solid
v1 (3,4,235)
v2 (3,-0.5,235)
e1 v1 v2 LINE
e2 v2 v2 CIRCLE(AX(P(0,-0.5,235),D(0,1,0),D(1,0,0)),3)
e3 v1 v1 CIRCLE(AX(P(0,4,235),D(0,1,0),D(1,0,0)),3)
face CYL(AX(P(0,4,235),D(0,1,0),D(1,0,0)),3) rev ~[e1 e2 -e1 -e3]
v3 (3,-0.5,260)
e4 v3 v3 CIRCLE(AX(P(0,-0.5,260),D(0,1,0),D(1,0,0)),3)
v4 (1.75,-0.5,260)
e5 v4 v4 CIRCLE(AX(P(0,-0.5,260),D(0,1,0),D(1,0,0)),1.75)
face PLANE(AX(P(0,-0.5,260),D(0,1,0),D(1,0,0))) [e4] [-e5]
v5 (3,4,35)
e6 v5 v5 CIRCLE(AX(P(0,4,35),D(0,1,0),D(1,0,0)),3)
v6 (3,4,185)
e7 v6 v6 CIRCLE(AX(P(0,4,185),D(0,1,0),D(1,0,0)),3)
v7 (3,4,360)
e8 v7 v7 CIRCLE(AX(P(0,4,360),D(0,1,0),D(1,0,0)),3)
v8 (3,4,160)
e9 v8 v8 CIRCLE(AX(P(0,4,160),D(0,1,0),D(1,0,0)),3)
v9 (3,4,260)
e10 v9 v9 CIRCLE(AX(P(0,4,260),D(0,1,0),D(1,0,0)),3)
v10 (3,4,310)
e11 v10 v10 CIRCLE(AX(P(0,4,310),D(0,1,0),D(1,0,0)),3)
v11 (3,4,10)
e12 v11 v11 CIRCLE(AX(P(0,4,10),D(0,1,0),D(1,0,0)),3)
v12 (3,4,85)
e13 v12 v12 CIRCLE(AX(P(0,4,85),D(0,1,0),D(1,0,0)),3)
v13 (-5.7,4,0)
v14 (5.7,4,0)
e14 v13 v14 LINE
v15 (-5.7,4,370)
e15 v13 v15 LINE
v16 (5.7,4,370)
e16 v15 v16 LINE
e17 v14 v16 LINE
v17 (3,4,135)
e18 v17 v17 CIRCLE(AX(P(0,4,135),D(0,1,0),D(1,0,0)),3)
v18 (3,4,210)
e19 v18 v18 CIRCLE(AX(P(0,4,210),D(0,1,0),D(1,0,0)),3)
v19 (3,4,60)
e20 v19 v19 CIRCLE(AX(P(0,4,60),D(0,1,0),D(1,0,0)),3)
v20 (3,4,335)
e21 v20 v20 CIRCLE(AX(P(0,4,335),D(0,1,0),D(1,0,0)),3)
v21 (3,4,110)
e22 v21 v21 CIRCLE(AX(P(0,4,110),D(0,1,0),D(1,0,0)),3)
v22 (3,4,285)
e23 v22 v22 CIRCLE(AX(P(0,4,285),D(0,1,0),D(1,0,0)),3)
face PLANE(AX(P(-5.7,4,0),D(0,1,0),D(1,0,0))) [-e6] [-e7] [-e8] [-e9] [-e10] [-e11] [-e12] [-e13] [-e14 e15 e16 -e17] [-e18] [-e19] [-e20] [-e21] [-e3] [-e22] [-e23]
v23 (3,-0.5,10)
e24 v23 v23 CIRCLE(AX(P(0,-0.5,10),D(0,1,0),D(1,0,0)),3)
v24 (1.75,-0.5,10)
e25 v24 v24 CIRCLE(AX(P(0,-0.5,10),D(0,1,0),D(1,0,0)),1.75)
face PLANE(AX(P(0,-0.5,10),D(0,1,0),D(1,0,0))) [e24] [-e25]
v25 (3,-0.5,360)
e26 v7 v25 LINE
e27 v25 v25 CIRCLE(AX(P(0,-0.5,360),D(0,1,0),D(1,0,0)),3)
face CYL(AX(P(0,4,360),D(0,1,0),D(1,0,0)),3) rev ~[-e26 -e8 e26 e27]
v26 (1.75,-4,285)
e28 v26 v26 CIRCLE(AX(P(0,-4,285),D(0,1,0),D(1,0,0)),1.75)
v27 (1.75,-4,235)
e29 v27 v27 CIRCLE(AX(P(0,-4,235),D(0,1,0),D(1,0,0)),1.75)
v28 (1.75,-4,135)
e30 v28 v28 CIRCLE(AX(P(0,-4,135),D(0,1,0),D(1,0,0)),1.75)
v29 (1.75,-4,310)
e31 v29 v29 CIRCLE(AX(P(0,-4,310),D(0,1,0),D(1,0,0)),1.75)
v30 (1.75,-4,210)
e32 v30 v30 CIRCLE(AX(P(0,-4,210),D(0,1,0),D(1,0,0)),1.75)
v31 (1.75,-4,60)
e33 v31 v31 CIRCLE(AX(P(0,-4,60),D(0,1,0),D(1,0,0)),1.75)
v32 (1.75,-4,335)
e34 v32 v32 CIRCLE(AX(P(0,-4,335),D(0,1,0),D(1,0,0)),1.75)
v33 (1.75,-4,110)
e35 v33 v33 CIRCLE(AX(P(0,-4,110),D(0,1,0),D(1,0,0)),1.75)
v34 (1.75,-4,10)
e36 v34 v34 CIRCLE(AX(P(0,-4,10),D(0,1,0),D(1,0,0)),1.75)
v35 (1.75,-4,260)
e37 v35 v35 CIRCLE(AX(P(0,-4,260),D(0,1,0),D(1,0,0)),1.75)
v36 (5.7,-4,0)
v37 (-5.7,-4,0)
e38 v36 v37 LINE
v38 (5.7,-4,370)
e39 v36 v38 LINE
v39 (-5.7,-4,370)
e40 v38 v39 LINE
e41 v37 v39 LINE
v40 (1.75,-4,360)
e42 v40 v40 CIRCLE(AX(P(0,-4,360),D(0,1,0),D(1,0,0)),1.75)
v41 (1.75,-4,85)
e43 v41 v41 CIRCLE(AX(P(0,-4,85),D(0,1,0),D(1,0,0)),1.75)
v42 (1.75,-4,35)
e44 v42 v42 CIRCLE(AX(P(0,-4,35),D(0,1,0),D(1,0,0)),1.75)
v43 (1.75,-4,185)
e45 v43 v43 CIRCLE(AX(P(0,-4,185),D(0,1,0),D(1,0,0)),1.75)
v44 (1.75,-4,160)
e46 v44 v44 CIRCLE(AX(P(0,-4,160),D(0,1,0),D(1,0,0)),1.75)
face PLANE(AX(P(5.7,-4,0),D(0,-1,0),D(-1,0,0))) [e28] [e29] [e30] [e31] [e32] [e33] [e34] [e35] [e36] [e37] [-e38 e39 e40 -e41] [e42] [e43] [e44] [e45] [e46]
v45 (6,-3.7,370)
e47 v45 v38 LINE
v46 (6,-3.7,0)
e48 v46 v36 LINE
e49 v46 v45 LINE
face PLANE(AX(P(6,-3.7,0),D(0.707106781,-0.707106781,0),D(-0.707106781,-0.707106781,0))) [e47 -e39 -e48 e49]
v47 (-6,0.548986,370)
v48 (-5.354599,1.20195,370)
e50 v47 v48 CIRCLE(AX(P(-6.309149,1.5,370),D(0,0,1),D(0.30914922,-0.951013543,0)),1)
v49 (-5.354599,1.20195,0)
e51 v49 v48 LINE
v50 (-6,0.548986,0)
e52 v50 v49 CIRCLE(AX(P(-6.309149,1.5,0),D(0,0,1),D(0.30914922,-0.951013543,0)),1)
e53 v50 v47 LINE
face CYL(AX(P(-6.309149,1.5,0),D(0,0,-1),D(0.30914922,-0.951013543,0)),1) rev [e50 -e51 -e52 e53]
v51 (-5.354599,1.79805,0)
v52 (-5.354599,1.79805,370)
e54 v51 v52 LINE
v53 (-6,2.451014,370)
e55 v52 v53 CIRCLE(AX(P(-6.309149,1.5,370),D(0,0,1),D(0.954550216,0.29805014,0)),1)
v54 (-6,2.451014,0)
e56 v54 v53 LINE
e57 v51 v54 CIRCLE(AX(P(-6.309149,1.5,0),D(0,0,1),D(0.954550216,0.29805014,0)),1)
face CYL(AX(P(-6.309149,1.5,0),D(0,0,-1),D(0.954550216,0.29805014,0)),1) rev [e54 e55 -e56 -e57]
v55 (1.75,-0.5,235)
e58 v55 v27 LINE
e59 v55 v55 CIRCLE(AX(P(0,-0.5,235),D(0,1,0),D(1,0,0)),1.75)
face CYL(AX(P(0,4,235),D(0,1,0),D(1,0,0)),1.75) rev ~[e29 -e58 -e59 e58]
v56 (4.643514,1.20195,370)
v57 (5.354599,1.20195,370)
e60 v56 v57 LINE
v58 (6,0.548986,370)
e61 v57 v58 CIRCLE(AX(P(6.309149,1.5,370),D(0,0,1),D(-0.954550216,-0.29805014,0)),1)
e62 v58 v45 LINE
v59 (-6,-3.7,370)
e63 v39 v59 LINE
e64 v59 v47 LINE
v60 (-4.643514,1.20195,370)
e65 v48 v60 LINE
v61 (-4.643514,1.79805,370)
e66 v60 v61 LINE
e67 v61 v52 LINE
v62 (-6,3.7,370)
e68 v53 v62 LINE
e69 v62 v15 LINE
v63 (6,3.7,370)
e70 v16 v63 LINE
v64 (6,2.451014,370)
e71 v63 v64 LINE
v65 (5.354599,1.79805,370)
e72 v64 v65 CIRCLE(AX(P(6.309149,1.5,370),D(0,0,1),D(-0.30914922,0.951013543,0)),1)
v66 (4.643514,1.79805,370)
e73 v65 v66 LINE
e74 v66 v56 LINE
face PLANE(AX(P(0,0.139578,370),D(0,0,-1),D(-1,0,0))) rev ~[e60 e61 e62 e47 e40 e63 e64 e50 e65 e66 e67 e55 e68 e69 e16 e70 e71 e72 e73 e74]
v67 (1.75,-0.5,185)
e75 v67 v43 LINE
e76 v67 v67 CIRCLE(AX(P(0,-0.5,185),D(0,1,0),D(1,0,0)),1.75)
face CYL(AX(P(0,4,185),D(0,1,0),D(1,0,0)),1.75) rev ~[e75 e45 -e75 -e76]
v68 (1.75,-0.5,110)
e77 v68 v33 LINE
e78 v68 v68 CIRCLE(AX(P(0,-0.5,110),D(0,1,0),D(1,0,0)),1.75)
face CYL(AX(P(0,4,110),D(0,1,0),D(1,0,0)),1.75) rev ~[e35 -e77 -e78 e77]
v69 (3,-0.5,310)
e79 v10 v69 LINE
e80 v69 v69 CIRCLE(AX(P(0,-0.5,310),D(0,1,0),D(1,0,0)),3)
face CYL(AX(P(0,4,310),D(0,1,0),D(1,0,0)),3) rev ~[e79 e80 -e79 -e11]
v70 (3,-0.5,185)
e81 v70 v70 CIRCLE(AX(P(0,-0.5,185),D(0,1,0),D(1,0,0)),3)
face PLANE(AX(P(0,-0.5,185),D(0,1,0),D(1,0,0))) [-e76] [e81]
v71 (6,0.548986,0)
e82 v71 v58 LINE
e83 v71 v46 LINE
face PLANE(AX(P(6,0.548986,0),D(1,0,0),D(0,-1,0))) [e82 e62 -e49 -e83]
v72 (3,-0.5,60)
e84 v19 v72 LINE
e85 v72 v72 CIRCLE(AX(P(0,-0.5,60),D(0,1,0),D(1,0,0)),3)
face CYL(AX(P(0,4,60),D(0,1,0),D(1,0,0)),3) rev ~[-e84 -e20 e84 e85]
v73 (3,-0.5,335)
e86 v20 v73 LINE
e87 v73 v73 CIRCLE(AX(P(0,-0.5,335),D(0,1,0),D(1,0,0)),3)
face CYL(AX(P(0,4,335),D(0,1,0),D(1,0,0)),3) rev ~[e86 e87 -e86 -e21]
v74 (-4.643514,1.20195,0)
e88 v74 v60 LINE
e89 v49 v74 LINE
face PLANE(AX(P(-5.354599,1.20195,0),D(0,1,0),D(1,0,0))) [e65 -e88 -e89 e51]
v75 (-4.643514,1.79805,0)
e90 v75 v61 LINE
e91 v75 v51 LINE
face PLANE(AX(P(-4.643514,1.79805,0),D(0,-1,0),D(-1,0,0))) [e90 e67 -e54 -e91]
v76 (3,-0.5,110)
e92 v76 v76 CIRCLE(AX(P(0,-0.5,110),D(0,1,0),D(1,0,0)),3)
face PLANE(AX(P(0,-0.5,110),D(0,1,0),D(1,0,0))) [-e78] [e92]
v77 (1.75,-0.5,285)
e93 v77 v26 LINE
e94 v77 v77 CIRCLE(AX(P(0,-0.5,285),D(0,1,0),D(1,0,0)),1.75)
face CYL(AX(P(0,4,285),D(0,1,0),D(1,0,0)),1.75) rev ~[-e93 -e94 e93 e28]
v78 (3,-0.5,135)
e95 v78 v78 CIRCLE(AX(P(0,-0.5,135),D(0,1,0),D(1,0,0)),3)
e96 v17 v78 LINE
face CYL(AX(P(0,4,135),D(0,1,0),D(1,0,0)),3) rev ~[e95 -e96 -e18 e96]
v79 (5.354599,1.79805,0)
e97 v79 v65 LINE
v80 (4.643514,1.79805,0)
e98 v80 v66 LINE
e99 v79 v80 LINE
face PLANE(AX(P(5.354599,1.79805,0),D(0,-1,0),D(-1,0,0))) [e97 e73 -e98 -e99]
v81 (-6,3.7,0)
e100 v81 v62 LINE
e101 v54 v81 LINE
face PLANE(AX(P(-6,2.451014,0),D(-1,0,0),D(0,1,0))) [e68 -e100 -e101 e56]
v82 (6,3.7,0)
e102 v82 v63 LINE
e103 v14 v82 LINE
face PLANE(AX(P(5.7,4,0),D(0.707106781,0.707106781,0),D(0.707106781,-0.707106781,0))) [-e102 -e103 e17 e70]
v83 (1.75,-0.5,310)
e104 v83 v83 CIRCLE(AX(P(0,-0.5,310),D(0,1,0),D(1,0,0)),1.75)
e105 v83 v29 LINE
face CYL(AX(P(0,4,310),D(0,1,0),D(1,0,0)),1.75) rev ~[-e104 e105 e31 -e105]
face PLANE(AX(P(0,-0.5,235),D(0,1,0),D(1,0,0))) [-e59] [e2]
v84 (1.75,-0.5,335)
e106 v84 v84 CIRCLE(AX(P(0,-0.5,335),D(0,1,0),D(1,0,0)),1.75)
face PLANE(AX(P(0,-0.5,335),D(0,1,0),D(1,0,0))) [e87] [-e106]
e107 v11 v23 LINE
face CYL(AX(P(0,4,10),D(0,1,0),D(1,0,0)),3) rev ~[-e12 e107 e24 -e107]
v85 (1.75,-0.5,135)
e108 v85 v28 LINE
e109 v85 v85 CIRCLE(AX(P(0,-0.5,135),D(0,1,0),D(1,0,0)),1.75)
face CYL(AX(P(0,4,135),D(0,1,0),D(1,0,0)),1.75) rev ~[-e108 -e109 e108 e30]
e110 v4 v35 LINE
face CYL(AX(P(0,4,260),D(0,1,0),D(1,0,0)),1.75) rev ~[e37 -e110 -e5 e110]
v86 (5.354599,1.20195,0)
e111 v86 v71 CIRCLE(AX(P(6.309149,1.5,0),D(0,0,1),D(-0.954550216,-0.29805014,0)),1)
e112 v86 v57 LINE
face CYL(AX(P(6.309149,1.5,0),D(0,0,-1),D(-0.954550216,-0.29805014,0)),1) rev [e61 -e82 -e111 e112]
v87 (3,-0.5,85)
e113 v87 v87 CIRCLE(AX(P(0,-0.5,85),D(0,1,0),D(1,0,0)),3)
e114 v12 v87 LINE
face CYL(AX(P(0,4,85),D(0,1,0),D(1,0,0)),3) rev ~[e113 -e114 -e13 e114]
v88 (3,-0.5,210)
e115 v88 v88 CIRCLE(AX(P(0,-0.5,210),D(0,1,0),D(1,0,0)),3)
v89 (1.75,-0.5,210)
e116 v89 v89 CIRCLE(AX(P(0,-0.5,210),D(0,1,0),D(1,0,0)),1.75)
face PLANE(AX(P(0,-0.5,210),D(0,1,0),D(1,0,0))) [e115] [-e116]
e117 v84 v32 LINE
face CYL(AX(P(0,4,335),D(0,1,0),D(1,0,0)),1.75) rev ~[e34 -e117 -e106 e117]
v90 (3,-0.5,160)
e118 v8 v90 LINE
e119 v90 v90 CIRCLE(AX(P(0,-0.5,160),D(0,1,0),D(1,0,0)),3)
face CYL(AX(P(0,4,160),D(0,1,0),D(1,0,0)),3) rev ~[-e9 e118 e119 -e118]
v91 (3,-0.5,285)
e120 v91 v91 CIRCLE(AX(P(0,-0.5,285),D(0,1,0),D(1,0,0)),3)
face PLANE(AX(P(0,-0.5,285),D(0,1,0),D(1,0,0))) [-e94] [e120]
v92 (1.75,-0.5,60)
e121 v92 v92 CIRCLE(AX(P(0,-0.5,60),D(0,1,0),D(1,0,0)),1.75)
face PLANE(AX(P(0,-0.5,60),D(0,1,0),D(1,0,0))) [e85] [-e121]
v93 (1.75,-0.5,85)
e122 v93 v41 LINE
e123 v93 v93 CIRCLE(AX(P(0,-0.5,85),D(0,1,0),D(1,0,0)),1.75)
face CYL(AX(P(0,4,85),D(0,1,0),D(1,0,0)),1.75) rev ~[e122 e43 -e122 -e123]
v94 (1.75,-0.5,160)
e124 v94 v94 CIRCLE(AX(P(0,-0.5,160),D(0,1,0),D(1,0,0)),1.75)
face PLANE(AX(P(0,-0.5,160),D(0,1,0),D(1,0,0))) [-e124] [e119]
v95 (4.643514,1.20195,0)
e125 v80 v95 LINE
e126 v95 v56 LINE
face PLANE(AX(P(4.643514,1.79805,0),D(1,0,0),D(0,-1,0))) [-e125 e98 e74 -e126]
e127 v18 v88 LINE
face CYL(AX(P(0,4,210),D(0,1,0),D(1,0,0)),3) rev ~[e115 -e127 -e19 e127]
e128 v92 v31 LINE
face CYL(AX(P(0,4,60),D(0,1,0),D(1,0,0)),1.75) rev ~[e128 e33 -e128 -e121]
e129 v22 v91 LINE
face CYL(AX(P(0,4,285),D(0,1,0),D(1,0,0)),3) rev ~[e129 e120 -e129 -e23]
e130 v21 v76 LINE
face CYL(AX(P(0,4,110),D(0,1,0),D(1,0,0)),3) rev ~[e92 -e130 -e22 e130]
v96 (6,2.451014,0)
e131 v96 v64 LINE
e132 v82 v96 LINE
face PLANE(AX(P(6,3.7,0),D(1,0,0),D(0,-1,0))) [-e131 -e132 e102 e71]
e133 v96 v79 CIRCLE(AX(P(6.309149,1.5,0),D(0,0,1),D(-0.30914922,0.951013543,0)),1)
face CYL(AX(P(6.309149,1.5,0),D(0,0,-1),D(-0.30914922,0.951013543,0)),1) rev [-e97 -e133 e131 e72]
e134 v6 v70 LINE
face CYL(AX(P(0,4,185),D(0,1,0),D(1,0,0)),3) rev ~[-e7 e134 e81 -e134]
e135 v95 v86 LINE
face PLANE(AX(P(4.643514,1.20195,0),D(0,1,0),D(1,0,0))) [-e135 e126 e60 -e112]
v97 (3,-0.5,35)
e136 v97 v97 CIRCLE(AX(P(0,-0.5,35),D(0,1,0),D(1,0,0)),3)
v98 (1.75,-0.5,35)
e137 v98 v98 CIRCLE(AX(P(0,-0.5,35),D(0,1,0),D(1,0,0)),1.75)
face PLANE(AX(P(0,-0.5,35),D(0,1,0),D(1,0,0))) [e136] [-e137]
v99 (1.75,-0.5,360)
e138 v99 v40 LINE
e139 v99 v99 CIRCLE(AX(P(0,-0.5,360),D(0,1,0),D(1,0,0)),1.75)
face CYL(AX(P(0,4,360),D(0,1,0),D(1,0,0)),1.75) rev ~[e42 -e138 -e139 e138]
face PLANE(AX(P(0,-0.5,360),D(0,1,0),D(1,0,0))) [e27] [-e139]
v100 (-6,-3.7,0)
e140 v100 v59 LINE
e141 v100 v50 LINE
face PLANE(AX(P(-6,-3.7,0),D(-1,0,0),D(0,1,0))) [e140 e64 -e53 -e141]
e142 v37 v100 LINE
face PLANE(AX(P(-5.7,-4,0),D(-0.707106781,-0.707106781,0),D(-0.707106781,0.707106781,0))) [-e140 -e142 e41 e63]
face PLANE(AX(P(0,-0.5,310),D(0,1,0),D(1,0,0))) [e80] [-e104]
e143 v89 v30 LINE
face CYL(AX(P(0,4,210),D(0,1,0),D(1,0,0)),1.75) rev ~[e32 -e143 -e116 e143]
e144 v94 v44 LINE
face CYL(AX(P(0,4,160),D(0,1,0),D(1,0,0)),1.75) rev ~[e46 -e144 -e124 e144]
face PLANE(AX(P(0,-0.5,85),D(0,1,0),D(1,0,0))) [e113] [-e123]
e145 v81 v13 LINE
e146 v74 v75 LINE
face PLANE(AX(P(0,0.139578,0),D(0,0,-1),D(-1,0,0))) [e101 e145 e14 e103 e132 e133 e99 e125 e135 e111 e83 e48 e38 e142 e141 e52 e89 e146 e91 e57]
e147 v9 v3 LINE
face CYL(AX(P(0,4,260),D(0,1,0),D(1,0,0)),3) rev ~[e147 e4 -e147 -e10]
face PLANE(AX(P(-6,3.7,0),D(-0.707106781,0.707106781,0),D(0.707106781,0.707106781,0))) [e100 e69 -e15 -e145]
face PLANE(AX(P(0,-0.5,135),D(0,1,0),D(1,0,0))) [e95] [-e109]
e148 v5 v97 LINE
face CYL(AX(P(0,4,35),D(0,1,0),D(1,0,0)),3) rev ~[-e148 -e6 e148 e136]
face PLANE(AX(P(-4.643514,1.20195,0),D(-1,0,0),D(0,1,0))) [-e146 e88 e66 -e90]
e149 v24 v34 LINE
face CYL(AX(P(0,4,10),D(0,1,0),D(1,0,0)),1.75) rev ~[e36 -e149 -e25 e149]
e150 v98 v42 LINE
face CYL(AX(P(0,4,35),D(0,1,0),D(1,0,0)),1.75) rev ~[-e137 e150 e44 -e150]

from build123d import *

# Parameters (mm, degrees)
EXTRUDE_1_DEPTH        = 370
SKETCH_2_R             = 3
SKETCH_2_R_2           = 1.75
CUT_EXTRUDE_1_DEPTH    = 4.5
SKETCH_2_2_R           = 1.75
CUT_EXTRUDE_2_DEPTH    = 9
PATTERN_LINEAR_1_COUNT = 16
PATTERN_LINEAR_1_PITCH = 25


with BuildPart() as part:
    # Эскиз1 → Бобышка-Вытянуть1 (new body)
    with BuildSketch(Plane.XY):
        with BuildLine():
            Line((-6, 3.7), (-5.7, 4))
            Line((-5.7, 4), (5.7, 4))
            Line((5.7, 4), (6, 3.7))
            Line((6, 3.7), (6, 2.451013544))
            ThreePointArc((6, 2.451013544), (5.597935912, 2.202976267), (5.354599002, 1.798050138))
            Line((5.354599002, 1.798050138), (4.643514056, 1.798050138))
            Line((4.643514056, 1.798050138), (4.643514056, 1.201949862))
            Line((4.643514056, 1.201949862), (5.354599002, 1.201949862))
            ThreePointArc((5.354599002, 1.201949862), (5.597935912, 0.797023733), (6, 0.548986456))
            Line((6, 0.548986456), (6, -3.7))
            Line((6, -3.7), (5.7, -4))
            Line((5.7, -4), (-5.7, -4))
            Line((-5.7, -4), (-6, -3.7))
            Line((-6, -3.7), (-6, 0.548986456))
            ThreePointArc((-6, 0.548986456), (-5.597935912, 0.797023733), (-5.354599002, 1.201949862))
            Line((-5.354599002, 1.201949862), (-4.643514056, 1.201949862))
            Line((-4.643514056, 1.201949862), (-4.643514056, 1.798050138))
            Line((-4.643514056, 1.798050138), (-5.354599002, 1.798050138))
            ThreePointArc((-5.354599002, 1.798050138), (-5.597935912, 2.202976267), (-6, 2.451013544))
            Line((-6, 2.451013544), (-6, 3.7))
        make_face()
    extrude(amount=EXTRUDE_1_DEPTH)

    # Эскиз2 → Вырез-Вытянуть1 (cut)
    with BuildSketch(Plane(origin=(0, 4, 0), x_dir=(1, 0, 0), z_dir=(0, 1, 0))):
        with Locations((0, -10)):
            Circle(SKETCH_2_R)
        with Locations((0, -10)):
            Circle(SKETCH_2_R_2, mode=Mode.SUBTRACT)
    cut_extrude_1 = extrude(amount=-CUT_EXTRUDE_1_DEPTH, mode=Mode.SUBTRACT)

    # Эскиз2<2> → Вырез-Вытянуть2 (cut, through all)
    with BuildSketch(Plane(origin=(0, 4, 0), x_dir=(1, 0, 0), z_dir=(0, 1, 0))):
        with Locations((0, -10)):
            Circle(SKETCH_2_2_R)
    cut_extrude_2 = extrude(amount=-CUT_EXTRUDE_2_DEPTH, mode=Mode.SUBTRACT)

    # Линейный массив1: Вырез-Вытянуть1, Вырез-Вытянуть2 ×16
    with Locations(*[(0, 0, i * PATTERN_LINEAR_1_PITCH) for i in range(1, PATTERN_LINEAR_1_COUNT)]):
        add(cut_extrude_1, mode=Mode.SUBTRACT)
        add(cut_extrude_2, mode=Mode.SUBTRACT)


solid = part.part
